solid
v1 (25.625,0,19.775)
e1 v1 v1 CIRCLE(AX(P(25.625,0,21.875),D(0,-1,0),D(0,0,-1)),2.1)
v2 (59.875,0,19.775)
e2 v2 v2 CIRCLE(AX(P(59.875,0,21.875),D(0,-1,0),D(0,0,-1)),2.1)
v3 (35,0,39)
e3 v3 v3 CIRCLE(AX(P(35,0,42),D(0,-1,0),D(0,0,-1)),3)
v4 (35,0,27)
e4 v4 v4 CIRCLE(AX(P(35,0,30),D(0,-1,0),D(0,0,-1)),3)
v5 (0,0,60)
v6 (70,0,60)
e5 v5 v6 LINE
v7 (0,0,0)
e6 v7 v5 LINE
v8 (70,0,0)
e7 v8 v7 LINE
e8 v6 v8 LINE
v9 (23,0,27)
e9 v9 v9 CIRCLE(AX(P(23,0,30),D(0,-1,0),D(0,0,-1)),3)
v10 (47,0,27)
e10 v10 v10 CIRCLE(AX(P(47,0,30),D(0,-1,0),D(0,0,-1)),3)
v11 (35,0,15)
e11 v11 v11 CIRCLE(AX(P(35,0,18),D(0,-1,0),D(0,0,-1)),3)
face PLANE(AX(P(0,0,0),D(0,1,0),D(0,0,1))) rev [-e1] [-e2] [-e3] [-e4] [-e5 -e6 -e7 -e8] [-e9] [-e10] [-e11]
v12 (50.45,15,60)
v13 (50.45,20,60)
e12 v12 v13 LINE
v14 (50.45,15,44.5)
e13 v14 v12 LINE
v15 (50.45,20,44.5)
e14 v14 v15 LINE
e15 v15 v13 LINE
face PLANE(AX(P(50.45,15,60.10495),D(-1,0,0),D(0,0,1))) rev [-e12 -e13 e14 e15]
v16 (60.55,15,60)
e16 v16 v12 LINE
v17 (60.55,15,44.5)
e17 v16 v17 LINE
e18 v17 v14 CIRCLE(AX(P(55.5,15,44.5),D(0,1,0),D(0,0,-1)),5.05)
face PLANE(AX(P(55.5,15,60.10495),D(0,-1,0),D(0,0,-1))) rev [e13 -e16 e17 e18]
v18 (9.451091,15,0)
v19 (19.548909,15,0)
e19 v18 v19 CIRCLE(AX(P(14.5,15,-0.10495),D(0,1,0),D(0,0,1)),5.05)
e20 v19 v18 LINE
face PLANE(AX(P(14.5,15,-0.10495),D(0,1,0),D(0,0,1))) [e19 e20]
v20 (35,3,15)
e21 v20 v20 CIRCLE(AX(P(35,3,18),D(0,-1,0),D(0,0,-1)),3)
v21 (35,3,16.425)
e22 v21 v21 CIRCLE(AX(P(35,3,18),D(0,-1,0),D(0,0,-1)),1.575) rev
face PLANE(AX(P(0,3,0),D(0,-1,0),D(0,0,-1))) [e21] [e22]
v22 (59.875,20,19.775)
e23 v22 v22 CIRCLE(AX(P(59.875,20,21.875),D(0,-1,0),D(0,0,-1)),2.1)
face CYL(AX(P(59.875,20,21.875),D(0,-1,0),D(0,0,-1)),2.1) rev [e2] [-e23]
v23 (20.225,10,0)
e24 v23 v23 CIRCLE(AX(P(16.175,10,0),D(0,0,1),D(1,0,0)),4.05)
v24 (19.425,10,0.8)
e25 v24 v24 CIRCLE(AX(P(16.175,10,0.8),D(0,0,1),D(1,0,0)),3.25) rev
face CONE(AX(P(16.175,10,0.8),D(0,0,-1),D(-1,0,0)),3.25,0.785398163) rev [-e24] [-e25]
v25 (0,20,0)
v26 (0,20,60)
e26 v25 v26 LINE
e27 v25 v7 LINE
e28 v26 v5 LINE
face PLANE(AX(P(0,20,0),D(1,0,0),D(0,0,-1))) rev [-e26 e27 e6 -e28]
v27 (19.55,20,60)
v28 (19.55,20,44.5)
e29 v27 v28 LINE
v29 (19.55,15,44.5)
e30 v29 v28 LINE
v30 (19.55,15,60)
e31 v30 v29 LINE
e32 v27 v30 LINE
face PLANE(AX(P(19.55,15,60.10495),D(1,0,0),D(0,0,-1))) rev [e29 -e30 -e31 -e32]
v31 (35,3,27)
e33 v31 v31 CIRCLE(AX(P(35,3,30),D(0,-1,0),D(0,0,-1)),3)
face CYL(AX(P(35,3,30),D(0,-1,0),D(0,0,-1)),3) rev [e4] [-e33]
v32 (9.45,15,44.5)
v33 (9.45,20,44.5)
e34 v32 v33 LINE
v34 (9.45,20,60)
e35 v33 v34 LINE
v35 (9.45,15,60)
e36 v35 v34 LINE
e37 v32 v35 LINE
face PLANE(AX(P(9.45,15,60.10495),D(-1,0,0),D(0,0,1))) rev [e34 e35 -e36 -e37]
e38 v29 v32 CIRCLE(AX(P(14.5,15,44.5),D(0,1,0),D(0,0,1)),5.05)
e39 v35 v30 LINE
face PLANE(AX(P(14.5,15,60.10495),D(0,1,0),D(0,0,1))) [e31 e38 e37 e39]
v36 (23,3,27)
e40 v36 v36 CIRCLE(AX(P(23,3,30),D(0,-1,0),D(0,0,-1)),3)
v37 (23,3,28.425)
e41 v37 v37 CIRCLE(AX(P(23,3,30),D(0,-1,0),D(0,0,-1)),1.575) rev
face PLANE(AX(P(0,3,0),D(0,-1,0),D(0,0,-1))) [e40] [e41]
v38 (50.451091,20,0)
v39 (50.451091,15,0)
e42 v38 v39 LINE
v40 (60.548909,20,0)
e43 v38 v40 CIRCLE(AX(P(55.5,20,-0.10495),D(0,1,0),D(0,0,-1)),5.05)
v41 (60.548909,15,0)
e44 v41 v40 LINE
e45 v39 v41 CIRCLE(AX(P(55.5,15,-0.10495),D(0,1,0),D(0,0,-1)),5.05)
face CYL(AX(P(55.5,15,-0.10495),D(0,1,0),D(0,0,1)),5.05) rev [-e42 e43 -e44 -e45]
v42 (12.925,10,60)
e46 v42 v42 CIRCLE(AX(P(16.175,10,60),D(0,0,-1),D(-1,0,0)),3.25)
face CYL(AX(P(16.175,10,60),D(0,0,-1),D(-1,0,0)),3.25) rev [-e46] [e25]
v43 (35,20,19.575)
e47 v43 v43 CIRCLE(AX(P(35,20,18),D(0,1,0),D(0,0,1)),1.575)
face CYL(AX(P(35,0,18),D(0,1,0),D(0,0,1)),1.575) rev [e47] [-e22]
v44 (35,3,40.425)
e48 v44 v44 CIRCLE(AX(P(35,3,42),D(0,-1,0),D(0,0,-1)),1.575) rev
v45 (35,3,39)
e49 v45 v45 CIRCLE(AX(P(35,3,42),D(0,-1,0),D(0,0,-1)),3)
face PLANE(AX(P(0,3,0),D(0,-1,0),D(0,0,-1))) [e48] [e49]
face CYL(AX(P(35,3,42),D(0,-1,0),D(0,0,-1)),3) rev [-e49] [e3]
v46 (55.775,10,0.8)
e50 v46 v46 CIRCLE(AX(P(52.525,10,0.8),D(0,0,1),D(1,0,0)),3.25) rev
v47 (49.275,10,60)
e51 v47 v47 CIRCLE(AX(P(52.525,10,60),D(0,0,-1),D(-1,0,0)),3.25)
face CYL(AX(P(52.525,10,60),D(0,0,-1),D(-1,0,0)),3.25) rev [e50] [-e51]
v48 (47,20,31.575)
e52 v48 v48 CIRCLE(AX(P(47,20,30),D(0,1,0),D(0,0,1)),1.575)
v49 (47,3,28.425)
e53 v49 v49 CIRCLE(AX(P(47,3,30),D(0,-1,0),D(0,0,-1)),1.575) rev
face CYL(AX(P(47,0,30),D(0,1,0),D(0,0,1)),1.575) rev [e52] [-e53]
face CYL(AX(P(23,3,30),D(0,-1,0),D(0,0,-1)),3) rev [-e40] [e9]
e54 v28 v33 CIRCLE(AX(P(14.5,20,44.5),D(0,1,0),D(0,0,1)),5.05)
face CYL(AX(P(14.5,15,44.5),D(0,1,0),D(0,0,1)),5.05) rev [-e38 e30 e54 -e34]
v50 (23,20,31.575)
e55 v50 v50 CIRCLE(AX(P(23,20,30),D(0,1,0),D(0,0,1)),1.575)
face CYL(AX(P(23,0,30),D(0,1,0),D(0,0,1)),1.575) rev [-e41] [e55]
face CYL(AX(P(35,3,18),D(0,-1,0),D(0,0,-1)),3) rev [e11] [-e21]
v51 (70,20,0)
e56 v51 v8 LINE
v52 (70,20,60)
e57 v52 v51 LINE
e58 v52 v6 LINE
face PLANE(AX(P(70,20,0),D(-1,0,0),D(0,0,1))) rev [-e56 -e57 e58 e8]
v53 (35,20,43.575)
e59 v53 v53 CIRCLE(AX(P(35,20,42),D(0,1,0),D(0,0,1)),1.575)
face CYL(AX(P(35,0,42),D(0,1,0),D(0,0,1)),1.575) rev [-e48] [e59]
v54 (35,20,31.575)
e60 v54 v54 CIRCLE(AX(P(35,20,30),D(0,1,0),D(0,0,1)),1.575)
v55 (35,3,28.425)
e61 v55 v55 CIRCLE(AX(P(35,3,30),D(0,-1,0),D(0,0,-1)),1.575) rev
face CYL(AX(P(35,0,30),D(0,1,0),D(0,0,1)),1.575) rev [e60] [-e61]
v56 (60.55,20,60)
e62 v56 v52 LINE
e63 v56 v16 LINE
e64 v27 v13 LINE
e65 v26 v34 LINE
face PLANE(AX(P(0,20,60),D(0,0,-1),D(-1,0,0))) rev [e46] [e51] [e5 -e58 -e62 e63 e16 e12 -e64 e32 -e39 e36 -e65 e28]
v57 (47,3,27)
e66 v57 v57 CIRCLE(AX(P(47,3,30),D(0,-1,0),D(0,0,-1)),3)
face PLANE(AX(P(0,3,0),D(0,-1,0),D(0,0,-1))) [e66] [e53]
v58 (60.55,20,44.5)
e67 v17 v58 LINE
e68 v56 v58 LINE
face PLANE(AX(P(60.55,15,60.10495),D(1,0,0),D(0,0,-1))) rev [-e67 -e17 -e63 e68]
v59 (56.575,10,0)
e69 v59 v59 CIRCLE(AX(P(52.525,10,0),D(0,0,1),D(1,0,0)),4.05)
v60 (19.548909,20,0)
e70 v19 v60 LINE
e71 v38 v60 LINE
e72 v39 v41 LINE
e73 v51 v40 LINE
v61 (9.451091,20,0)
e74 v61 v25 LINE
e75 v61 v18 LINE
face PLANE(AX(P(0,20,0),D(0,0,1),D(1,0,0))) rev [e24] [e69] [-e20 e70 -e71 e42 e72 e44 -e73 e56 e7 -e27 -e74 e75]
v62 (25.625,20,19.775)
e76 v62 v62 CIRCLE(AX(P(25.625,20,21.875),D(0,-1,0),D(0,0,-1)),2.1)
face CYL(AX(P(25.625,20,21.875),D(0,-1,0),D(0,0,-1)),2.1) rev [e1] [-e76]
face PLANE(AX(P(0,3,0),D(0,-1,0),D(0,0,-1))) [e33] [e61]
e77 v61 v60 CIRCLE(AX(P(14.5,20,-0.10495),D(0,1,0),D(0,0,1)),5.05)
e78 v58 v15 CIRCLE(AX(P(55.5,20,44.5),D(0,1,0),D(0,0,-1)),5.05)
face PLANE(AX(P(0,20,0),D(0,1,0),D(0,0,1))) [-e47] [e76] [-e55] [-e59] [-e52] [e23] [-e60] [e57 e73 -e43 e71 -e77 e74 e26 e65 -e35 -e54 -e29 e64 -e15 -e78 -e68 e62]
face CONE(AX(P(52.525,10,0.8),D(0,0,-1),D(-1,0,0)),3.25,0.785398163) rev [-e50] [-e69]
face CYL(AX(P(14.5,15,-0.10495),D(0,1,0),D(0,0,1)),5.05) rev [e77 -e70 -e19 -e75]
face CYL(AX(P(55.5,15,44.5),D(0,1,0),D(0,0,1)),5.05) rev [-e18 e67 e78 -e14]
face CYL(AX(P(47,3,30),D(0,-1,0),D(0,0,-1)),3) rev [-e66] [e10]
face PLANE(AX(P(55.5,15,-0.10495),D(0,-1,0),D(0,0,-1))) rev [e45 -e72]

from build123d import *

# Parameters (mm, degrees)
SKETCH3_W           = 70
SKETCH3_H           = 60
BOSS_EXTRUDE3_DEPTH = 20
SKETCH4_R           = 1.575
CUT_EXTRUDE1_DEPTH  = 95.339811321
SKETCH6_R           = 2.1
CUT_EXTRUDE2_DEPTH  = 95.339811321
SKETCH9_R           = 3.25
CUT_EXTRUDE3_DEPTH  = 95.339811321
CUT_EXTRUDE4_START  = -3
SKETCH11_R          = 3
SKETCH11_R_2        = 1.575
CUT_EXTRUDE4_DEPTH  = 3
CHAMFER1_SIZE       = 0.8
SKETCH12_R          = 5.05
CUT_EXTRUDE5_DEPTH  = 5


with BuildPart() as part:
    # Sketch3 → Boss-Extrude3 (new body)
    with BuildSketch(Plane(origin=(0, 0, 0), x_dir=(1, 0, 0), z_dir=(0, 1, 0))):
        with Locations((35, -30)):
            Rectangle(SKETCH3_W, SKETCH3_H)
    extrude(amount=BOSS_EXTRUDE3_DEPTH)

    # Sketch4 → Cut-Extrude1 (cut, through all)
    with BuildSketch(Plane(origin=(0, 20, 0), x_dir=(1, 0, 0), z_dir=(0, 1, 0))):
        with Locations(Location((35, -30, 0), (0, 0, 270))):
            Circle(SKETCH4_R)
        with Locations(Location((35, -18, 0), (0, 0, 270))):
            Circle(SKETCH4_R)
        with Locations(Location((47, -30, 0), (0, 0, 270))):
            Circle(SKETCH4_R)
        with Locations(Location((35, -42, 0), (0, 0, 270))):
            Circle(SKETCH4_R)
        with Locations(Location((23, -30, 0), (0, 0, 270))):
            Circle(SKETCH4_R)
    extrude(amount=-CUT_EXTRUDE1_DEPTH, mode=Mode.SUBTRACT)

    # Sketch6 → Cut-Extrude2 (cut, through all)
    with BuildSketch(Plane.XZ):
        with Locations(Location((59.875, 21.875, 0), (0, 0, 270))):
            Circle(SKETCH6_R)
        with Locations(Location((25.625, 21.875, 0), (0, 0, 270))):
            Circle(SKETCH6_R)
    extrude(amount=-CUT_EXTRUDE2_DEPTH, mode=Mode.SUBTRACT)

    # Sketch9 → Cut-Extrude3 (cut, through all)
    with BuildSketch(Plane(origin=(0, 0, 0), x_dir=(-1, 0, 0), z_dir=(0, 0, -1))):
        with Locations((-52.525, 10)):
            Circle(SKETCH9_R)
        with Locations((-16.175, 10)):
            Circle(SKETCH9_R)
    extrude(amount=-CUT_EXTRUDE3_DEPTH, mode=Mode.SUBTRACT)

    # Sketch11 → Cut-Extrude4 (cut)
    # profile 1 of 10: a face of its own
    with BuildSketch(Plane.XZ.offset(CUT_EXTRUDE4_START)):
        with Locations(Location((35, 18, 0), (0, 0, 270))):
            Circle(SKETCH11_R)
        with Locations(Location((35, 18, 0), (0, 0, 90))):
            Circle(SKETCH11_R_2, mode=Mode.SUBTRACT)
    # profile 2 of 10: a face of its own
    with BuildSketch(Plane.XZ.offset(CUT_EXTRUDE4_START)):
        with Locations(Location((35, 30, 0), (0, 0, 270))):
            Circle(SKETCH11_R)
        with Locations(Location((35, 30, 0), (0, 0, 90))):
            Circle(SKETCH11_R_2, mode=Mode.SUBTRACT)
    # profile 3 of 10: a face of its own
    with BuildSketch(Plane.XZ.offset(CUT_EXTRUDE4_START)):
        with Locations(Location((47, 30, 0), (0, 0, 270))):
            Circle(SKETCH11_R)
        with Locations(Location((47, 30, 0), (0, 0, 90))):
            Circle(SKETCH11_R_2, mode=Mode.SUBTRACT)
    # profile 4 of 10: a face of its own
    with BuildSketch(Plane.XZ.offset(CUT_EXTRUDE4_START)):
        with Locations(Location((23, 30, 0), (0, 0, 270))):
            Circle(SKETCH11_R)
        with Locations(Location((23, 30, 0), (0, 0, 90))):
            Circle(SKETCH11_R_2, mode=Mode.SUBTRACT)
    # profile 5 of 10: a face of its own
    with BuildSketch(Plane.XZ.offset(CUT_EXTRUDE4_START)):
        with Locations(Location((35, 42, 0), (0, 0, 270))):
            Circle(SKETCH11_R)
        with Locations(Location((35, 42, 0), (0, 0, 90))):
            Circle(SKETCH11_R_2, mode=Mode.SUBTRACT)
    # profile 6 of 10: a face of its own
    with BuildSketch(Plane.XZ.offset(CUT_EXTRUDE4_START)):
        with Locations(Location((35, 42, 0), (0, 0, 90))):
            Circle(SKETCH11_R_2)
    # profile 7 of 10: a face of its own
    with BuildSketch(Plane.XZ.offset(CUT_EXTRUDE4_START)):
        with Locations(Location((23, 30, 0), (0, 0, 90))):
            Circle(SKETCH11_R_2)
    # profile 8 of 10: a face of its own
    with BuildSketch(Plane.XZ.offset(CUT_EXTRUDE4_START)):
        with Locations(Location((35, 30, 0), (0, 0, 90))):
            Circle(SKETCH11_R_2)
    # profile 9 of 10: a face of its own
    with BuildSketch(Plane.XZ.offset(CUT_EXTRUDE4_START)):
        with Locations(Location((47, 30, 0), (0, 0, 90))):
            Circle(SKETCH11_R_2)
    # profile 10 of 10: a face of its own
    with BuildSketch(Plane.XZ.offset(CUT_EXTRUDE4_START)):
        with Locations(Location((35, 18, 0), (0, 0, 90))):
            Circle(SKETCH11_R_2)
    extrude(amount=CUT_EXTRUDE4_DEPTH, mode=Mode.SUBTRACT)

    # Chamfer1
    chamfer1_edges = [part.edges().sort_by_distance(p)[0] for p in [
        (55.775, 10, 0),
        (19.425, 10, 0),
    ]]
    chamfer(chamfer1_edges, length=CHAMFER1_SIZE)

    # Sketch12 → Cut-Extrude5 (cut)
    with BuildSketch(Plane(origin=(0, 20, 0), x_dir=(1, 0, 0), z_dir=(0, 1, 0))):
        with Locations((14.5, 0.104949747)):
            Circle(SKETCH12_R)
        with Locations((55.5, 0.104949747)):
            Circle(SKETCH12_R)
        with BuildLine():
            Line((9.45, -60.104949747), (9.45, -44.5))
            ThreePointArc((9.45, -44.5), (14.5, -39.45), (19.55, -44.5))
            Line((19.55, -44.5), (19.55, -60.104949747))
            ThreePointArc((19.55, -60.104949747), (14.5, -65.154949747), (9.45, -60.104949747))
        make_face()
        with BuildLine():
            Line((60.55, -60.104949747), (60.55, -44.5))
            ThreePointArc((60.55, -44.5), (55.5, -39.45), (50.45, -44.5))
            Line((50.45, -44.5), (50.45, -60.104949747))
            ThreePointArc((50.45, -60.104949747), (55.5, -65.154949747), (60.55, -60.104949747))
        make_face()
    extrude(amount=-CUT_EXTRUDE5_DEPTH, mode=Mode.SUBTRACT)


solid = part.part
